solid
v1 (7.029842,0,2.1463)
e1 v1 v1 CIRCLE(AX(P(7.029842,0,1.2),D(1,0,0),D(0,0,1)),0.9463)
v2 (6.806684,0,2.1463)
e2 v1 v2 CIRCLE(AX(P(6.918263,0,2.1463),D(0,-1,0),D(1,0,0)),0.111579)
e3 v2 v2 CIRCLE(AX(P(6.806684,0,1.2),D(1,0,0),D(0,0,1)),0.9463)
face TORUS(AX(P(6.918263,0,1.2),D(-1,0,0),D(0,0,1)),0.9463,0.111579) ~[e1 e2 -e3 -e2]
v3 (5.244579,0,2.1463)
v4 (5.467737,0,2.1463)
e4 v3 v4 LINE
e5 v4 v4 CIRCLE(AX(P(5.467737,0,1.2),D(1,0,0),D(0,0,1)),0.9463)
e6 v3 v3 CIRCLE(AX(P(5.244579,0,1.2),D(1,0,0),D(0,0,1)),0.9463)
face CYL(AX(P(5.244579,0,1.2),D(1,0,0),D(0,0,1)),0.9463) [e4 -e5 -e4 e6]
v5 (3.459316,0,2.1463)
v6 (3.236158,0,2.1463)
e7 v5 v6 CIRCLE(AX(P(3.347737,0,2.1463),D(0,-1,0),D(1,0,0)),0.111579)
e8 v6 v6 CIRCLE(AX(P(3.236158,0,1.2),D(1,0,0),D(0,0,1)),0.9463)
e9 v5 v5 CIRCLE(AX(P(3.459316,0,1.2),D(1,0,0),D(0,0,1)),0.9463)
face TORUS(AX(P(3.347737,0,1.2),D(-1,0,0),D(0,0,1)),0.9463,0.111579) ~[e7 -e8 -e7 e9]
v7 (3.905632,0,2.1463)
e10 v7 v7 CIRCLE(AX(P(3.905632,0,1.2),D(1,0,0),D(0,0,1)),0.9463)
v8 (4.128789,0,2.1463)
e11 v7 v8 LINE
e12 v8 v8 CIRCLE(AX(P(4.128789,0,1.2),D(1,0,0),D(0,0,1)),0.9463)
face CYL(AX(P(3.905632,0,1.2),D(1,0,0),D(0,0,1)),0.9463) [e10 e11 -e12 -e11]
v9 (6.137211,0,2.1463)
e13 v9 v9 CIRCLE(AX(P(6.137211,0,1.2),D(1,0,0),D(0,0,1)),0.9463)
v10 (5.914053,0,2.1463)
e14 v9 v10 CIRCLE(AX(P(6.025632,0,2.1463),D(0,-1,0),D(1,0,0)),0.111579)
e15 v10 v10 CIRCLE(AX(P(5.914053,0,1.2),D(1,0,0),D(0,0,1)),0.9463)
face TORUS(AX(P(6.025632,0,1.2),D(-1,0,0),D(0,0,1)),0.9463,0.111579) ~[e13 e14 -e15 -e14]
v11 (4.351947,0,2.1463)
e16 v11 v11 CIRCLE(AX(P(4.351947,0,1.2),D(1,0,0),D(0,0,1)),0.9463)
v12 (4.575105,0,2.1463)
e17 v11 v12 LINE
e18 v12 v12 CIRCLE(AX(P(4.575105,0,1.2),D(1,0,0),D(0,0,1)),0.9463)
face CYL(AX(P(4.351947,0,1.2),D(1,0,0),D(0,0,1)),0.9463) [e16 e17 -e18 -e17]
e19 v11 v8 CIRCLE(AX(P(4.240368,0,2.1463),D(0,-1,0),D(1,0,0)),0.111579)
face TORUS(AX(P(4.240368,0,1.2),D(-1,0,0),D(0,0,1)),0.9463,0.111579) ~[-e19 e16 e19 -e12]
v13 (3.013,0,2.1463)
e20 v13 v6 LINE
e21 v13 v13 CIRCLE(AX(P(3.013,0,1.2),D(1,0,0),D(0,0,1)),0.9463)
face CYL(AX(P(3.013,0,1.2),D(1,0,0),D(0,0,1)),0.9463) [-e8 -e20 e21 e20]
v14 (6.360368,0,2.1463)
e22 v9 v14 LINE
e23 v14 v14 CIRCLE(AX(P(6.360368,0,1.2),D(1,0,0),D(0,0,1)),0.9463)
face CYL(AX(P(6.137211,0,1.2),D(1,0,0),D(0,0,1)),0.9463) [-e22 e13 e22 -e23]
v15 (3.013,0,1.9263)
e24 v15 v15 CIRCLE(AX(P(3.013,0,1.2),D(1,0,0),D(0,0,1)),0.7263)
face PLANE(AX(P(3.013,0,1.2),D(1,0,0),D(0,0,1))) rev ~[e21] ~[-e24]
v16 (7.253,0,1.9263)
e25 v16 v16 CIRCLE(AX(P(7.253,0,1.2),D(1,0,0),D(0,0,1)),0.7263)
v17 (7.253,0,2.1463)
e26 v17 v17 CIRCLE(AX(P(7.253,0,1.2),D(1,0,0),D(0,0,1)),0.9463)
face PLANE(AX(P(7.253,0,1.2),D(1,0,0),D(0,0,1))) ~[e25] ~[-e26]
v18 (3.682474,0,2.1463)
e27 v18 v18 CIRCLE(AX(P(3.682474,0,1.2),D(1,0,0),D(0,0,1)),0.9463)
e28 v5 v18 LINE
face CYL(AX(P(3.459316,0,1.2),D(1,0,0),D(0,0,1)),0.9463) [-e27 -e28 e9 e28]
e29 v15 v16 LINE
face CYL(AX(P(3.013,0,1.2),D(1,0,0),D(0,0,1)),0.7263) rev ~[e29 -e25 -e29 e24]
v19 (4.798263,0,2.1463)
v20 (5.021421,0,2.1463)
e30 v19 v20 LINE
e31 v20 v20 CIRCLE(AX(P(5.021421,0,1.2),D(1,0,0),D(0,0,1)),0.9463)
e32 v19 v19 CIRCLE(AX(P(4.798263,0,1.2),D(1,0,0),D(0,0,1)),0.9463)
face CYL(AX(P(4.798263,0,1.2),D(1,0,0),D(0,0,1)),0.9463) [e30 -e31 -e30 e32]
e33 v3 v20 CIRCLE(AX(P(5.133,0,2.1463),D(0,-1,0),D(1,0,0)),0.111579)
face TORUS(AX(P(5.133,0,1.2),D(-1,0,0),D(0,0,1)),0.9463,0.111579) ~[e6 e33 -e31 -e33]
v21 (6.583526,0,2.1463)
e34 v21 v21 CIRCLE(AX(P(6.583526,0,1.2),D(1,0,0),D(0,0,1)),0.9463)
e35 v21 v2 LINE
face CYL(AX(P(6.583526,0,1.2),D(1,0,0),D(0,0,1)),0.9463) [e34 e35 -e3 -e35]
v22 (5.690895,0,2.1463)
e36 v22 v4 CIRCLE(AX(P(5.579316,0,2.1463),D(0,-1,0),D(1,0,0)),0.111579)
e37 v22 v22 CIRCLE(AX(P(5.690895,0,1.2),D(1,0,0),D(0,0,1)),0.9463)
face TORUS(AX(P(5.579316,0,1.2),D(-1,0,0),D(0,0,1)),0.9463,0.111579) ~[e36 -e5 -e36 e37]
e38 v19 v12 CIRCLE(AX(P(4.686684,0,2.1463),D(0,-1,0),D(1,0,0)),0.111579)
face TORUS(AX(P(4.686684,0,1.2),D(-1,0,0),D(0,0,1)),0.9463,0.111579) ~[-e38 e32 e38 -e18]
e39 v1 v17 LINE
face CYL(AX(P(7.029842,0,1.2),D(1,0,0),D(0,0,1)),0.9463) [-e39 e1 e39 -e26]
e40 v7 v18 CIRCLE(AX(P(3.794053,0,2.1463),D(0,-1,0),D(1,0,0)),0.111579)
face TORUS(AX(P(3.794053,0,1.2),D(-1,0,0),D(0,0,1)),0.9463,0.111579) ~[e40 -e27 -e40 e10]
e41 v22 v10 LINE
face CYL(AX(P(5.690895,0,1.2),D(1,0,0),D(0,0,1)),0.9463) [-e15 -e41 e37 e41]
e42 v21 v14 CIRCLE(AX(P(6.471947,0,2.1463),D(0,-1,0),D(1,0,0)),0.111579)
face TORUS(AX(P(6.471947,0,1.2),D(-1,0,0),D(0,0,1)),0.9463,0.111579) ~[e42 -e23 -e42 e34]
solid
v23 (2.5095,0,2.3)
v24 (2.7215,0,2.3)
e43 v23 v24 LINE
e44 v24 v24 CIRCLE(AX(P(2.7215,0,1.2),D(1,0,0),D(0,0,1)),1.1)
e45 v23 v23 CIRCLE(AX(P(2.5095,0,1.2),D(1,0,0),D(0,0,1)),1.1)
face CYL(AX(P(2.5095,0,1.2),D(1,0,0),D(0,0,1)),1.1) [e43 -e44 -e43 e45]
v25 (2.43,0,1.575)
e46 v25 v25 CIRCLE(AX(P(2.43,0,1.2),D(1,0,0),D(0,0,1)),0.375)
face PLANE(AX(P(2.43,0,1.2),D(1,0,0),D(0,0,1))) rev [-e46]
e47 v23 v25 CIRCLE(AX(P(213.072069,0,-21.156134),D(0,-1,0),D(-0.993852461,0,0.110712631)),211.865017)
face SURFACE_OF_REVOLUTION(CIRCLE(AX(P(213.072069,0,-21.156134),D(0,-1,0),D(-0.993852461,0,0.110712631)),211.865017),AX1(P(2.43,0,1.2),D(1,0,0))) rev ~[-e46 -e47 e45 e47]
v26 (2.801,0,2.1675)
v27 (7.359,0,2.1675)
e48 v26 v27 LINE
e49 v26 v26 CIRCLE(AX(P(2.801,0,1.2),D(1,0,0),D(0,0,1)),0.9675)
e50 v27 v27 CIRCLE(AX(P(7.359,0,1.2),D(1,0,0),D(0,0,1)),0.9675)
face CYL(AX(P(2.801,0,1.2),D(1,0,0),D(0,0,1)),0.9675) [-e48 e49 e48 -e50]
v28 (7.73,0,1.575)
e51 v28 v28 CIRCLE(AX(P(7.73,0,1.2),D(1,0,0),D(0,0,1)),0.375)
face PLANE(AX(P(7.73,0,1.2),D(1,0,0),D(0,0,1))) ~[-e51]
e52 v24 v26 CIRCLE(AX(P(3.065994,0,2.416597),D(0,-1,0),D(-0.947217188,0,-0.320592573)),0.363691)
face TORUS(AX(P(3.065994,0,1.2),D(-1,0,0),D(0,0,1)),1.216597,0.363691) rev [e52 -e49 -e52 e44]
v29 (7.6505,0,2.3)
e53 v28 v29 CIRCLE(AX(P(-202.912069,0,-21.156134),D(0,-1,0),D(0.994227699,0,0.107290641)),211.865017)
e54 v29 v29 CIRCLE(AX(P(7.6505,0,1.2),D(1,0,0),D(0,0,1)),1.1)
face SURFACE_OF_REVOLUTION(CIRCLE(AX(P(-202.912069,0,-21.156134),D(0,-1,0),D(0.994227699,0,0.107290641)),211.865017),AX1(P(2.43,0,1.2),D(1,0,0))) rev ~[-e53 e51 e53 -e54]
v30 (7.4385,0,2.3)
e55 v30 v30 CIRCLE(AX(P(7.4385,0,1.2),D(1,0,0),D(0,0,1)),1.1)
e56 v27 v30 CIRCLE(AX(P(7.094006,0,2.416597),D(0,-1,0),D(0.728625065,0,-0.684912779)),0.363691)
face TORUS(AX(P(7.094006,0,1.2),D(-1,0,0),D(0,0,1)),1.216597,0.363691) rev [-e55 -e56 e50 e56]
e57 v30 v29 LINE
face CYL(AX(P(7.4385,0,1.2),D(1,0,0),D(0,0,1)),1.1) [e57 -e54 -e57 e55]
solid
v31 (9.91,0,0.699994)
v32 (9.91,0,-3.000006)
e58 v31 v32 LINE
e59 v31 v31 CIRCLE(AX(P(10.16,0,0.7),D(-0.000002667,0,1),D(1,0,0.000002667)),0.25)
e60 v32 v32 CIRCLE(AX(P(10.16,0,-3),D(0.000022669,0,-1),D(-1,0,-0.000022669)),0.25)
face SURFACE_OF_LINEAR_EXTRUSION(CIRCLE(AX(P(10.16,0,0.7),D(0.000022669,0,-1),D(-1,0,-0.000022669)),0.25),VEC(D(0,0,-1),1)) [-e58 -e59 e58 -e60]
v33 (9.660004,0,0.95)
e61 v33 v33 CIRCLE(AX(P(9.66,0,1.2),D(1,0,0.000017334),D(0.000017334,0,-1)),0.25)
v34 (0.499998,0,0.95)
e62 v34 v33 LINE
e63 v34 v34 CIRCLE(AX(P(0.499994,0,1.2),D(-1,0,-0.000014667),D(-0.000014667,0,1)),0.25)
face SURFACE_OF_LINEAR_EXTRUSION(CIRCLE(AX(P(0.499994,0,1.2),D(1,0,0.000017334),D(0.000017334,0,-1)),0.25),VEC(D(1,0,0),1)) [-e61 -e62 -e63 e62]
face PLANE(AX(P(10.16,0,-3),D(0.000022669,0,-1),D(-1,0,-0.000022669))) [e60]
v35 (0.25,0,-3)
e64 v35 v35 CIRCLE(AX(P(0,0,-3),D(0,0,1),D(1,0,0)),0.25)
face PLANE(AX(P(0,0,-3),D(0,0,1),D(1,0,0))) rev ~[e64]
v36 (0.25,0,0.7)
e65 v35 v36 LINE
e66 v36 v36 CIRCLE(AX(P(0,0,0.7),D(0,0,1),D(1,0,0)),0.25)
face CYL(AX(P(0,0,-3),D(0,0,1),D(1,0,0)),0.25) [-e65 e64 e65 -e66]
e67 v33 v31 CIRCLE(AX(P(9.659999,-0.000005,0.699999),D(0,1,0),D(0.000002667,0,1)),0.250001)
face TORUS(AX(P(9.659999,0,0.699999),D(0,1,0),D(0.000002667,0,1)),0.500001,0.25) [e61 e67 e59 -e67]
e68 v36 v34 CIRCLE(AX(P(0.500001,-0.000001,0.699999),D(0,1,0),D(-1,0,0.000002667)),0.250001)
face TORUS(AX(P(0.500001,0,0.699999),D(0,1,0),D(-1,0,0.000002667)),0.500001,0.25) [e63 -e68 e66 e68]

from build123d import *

# Parameters (mm, degrees)
SKETCH_R = 0.25


with BuildPart() as revolution:
    # Sketch002 → Revolution (revolve)
    with BuildSketch(Plane.XZ):
        with BuildLine():
            Line((2.5095, 2.3), (2.7215, 2.3))
            ThreePointArc((2.7215, 2.3), (2.754132, 2.229479), (2.801, 2.1675))
            Line((2.801, 2.1675), (7.359, 2.1675))
            ThreePointArc((7.359, 2.1675), (7.405868, 2.229479), (7.4385, 2.3))
            Line((7.4385, 2.3), (7.6505, 2.3))
            ThreePointArc((7.73, 1.575), (7.690562, 1.937534), (7.6505, 2.3))
            Line((7.73, 1.2), (7.73, 1.575))
            Line((2.43, 1.2), (7.73, 1.2))
            Line((2.43, 1.2), (2.43, 1.575))
            ThreePointArc((2.5095, 2.3), (2.469438, 1.937534), (2.43, 1.575))
        make_face()
    revolve(axis=Axis((2.43, 0, 1.2), (1, 0, 0)))


with BuildPart() as sweep_body:
    # Sweep: sweep along a path in Sketch001
    with BuildLine(Plane.XZ) as sweep_path:
        Line((0, -3), (0, 0.7))
        ThreePointArc((0, 0.7), (0.146445, 1.053551), (0.499994, 1.2))
        Line((0.499994, 1.2), (9.66, 1.2))
        ThreePointArc((9.66, 1.2), (10.013553, 1.053553), (10.16, 0.7))
        Line((10.16, 0.7), (10.16, -3))
    # Sketch → Sweep (sweep)
    with BuildSketch(Plane.XY.offset(-2)):
        Circle(SKETCH_R)
    sweep(path=sweep_path.line)


with BuildPart() as revolution001:
    # Sketch003 → Revolution001 (revolve)
    with BuildSketch(Plane.XZ):
        with BuildLine():
            ThreePointArc((3.459316, 2.1463), (3.347737, 2.257879), (3.236158, 2.1463))
            Line((3.013, 2.1463), (3.236158, 2.1463))
            Line((3.013, 2.1463), (3.013, 1.9263))
            Line((3.013, 1.9263), (7.253, 1.9263))
            Line((7.253, 1.9263), (7.253, 2.1463))
            Line((7.029842, 2.1463), (7.253, 2.1463))
            ThreePointArc((7.029842, 2.1463), (6.918263, 2.257879), (6.806684, 2.1463))
            Line((6.583526, 2.1463), (6.806684, 2.1463))
            ThreePointArc((6.583526, 2.1463), (6.471947, 2.257879), (6.360368, 2.1463))
            Line((6.137211, 2.1463), (6.360368, 2.1463))
            ThreePointArc((6.137211, 2.1463), (6.025632, 2.257879), (5.914053, 2.1463))
            Line((5.690895, 2.1463), (5.914053, 2.1463))
            ThreePointArc((5.690895, 2.1463), (5.579316, 2.257879), (5.467737, 2.1463))
            Line((5.244579, 2.1463), (5.467737, 2.1463))
            ThreePointArc((5.244579, 2.1463), (5.133, 2.257879), (5.021421, 2.1463))
            Line((4.798263, 2.1463), (5.021421, 2.1463))
            ThreePointArc((4.798263, 2.1463), (4.686684, 2.257879), (4.575105, 2.1463))
            Line((4.351947, 2.1463), (4.575105, 2.1463))
            ThreePointArc((4.351947, 2.1463), (4.240368, 2.257879), (4.128789, 2.1463))
            Line((3.905632, 2.1463), (4.128789, 2.1463))
            ThreePointArc((3.905632, 2.1463), (3.794053, 2.257879), (3.682474, 2.1463))
            Line((3.459316, 2.1463), (3.682474, 2.1463))
        make_face()
    revolve(axis=Axis((2.5625, 0, 1.2), (1, 0, 0)))


solid = Compound([revolution.part, sweep_body.part, revolution001.part])
